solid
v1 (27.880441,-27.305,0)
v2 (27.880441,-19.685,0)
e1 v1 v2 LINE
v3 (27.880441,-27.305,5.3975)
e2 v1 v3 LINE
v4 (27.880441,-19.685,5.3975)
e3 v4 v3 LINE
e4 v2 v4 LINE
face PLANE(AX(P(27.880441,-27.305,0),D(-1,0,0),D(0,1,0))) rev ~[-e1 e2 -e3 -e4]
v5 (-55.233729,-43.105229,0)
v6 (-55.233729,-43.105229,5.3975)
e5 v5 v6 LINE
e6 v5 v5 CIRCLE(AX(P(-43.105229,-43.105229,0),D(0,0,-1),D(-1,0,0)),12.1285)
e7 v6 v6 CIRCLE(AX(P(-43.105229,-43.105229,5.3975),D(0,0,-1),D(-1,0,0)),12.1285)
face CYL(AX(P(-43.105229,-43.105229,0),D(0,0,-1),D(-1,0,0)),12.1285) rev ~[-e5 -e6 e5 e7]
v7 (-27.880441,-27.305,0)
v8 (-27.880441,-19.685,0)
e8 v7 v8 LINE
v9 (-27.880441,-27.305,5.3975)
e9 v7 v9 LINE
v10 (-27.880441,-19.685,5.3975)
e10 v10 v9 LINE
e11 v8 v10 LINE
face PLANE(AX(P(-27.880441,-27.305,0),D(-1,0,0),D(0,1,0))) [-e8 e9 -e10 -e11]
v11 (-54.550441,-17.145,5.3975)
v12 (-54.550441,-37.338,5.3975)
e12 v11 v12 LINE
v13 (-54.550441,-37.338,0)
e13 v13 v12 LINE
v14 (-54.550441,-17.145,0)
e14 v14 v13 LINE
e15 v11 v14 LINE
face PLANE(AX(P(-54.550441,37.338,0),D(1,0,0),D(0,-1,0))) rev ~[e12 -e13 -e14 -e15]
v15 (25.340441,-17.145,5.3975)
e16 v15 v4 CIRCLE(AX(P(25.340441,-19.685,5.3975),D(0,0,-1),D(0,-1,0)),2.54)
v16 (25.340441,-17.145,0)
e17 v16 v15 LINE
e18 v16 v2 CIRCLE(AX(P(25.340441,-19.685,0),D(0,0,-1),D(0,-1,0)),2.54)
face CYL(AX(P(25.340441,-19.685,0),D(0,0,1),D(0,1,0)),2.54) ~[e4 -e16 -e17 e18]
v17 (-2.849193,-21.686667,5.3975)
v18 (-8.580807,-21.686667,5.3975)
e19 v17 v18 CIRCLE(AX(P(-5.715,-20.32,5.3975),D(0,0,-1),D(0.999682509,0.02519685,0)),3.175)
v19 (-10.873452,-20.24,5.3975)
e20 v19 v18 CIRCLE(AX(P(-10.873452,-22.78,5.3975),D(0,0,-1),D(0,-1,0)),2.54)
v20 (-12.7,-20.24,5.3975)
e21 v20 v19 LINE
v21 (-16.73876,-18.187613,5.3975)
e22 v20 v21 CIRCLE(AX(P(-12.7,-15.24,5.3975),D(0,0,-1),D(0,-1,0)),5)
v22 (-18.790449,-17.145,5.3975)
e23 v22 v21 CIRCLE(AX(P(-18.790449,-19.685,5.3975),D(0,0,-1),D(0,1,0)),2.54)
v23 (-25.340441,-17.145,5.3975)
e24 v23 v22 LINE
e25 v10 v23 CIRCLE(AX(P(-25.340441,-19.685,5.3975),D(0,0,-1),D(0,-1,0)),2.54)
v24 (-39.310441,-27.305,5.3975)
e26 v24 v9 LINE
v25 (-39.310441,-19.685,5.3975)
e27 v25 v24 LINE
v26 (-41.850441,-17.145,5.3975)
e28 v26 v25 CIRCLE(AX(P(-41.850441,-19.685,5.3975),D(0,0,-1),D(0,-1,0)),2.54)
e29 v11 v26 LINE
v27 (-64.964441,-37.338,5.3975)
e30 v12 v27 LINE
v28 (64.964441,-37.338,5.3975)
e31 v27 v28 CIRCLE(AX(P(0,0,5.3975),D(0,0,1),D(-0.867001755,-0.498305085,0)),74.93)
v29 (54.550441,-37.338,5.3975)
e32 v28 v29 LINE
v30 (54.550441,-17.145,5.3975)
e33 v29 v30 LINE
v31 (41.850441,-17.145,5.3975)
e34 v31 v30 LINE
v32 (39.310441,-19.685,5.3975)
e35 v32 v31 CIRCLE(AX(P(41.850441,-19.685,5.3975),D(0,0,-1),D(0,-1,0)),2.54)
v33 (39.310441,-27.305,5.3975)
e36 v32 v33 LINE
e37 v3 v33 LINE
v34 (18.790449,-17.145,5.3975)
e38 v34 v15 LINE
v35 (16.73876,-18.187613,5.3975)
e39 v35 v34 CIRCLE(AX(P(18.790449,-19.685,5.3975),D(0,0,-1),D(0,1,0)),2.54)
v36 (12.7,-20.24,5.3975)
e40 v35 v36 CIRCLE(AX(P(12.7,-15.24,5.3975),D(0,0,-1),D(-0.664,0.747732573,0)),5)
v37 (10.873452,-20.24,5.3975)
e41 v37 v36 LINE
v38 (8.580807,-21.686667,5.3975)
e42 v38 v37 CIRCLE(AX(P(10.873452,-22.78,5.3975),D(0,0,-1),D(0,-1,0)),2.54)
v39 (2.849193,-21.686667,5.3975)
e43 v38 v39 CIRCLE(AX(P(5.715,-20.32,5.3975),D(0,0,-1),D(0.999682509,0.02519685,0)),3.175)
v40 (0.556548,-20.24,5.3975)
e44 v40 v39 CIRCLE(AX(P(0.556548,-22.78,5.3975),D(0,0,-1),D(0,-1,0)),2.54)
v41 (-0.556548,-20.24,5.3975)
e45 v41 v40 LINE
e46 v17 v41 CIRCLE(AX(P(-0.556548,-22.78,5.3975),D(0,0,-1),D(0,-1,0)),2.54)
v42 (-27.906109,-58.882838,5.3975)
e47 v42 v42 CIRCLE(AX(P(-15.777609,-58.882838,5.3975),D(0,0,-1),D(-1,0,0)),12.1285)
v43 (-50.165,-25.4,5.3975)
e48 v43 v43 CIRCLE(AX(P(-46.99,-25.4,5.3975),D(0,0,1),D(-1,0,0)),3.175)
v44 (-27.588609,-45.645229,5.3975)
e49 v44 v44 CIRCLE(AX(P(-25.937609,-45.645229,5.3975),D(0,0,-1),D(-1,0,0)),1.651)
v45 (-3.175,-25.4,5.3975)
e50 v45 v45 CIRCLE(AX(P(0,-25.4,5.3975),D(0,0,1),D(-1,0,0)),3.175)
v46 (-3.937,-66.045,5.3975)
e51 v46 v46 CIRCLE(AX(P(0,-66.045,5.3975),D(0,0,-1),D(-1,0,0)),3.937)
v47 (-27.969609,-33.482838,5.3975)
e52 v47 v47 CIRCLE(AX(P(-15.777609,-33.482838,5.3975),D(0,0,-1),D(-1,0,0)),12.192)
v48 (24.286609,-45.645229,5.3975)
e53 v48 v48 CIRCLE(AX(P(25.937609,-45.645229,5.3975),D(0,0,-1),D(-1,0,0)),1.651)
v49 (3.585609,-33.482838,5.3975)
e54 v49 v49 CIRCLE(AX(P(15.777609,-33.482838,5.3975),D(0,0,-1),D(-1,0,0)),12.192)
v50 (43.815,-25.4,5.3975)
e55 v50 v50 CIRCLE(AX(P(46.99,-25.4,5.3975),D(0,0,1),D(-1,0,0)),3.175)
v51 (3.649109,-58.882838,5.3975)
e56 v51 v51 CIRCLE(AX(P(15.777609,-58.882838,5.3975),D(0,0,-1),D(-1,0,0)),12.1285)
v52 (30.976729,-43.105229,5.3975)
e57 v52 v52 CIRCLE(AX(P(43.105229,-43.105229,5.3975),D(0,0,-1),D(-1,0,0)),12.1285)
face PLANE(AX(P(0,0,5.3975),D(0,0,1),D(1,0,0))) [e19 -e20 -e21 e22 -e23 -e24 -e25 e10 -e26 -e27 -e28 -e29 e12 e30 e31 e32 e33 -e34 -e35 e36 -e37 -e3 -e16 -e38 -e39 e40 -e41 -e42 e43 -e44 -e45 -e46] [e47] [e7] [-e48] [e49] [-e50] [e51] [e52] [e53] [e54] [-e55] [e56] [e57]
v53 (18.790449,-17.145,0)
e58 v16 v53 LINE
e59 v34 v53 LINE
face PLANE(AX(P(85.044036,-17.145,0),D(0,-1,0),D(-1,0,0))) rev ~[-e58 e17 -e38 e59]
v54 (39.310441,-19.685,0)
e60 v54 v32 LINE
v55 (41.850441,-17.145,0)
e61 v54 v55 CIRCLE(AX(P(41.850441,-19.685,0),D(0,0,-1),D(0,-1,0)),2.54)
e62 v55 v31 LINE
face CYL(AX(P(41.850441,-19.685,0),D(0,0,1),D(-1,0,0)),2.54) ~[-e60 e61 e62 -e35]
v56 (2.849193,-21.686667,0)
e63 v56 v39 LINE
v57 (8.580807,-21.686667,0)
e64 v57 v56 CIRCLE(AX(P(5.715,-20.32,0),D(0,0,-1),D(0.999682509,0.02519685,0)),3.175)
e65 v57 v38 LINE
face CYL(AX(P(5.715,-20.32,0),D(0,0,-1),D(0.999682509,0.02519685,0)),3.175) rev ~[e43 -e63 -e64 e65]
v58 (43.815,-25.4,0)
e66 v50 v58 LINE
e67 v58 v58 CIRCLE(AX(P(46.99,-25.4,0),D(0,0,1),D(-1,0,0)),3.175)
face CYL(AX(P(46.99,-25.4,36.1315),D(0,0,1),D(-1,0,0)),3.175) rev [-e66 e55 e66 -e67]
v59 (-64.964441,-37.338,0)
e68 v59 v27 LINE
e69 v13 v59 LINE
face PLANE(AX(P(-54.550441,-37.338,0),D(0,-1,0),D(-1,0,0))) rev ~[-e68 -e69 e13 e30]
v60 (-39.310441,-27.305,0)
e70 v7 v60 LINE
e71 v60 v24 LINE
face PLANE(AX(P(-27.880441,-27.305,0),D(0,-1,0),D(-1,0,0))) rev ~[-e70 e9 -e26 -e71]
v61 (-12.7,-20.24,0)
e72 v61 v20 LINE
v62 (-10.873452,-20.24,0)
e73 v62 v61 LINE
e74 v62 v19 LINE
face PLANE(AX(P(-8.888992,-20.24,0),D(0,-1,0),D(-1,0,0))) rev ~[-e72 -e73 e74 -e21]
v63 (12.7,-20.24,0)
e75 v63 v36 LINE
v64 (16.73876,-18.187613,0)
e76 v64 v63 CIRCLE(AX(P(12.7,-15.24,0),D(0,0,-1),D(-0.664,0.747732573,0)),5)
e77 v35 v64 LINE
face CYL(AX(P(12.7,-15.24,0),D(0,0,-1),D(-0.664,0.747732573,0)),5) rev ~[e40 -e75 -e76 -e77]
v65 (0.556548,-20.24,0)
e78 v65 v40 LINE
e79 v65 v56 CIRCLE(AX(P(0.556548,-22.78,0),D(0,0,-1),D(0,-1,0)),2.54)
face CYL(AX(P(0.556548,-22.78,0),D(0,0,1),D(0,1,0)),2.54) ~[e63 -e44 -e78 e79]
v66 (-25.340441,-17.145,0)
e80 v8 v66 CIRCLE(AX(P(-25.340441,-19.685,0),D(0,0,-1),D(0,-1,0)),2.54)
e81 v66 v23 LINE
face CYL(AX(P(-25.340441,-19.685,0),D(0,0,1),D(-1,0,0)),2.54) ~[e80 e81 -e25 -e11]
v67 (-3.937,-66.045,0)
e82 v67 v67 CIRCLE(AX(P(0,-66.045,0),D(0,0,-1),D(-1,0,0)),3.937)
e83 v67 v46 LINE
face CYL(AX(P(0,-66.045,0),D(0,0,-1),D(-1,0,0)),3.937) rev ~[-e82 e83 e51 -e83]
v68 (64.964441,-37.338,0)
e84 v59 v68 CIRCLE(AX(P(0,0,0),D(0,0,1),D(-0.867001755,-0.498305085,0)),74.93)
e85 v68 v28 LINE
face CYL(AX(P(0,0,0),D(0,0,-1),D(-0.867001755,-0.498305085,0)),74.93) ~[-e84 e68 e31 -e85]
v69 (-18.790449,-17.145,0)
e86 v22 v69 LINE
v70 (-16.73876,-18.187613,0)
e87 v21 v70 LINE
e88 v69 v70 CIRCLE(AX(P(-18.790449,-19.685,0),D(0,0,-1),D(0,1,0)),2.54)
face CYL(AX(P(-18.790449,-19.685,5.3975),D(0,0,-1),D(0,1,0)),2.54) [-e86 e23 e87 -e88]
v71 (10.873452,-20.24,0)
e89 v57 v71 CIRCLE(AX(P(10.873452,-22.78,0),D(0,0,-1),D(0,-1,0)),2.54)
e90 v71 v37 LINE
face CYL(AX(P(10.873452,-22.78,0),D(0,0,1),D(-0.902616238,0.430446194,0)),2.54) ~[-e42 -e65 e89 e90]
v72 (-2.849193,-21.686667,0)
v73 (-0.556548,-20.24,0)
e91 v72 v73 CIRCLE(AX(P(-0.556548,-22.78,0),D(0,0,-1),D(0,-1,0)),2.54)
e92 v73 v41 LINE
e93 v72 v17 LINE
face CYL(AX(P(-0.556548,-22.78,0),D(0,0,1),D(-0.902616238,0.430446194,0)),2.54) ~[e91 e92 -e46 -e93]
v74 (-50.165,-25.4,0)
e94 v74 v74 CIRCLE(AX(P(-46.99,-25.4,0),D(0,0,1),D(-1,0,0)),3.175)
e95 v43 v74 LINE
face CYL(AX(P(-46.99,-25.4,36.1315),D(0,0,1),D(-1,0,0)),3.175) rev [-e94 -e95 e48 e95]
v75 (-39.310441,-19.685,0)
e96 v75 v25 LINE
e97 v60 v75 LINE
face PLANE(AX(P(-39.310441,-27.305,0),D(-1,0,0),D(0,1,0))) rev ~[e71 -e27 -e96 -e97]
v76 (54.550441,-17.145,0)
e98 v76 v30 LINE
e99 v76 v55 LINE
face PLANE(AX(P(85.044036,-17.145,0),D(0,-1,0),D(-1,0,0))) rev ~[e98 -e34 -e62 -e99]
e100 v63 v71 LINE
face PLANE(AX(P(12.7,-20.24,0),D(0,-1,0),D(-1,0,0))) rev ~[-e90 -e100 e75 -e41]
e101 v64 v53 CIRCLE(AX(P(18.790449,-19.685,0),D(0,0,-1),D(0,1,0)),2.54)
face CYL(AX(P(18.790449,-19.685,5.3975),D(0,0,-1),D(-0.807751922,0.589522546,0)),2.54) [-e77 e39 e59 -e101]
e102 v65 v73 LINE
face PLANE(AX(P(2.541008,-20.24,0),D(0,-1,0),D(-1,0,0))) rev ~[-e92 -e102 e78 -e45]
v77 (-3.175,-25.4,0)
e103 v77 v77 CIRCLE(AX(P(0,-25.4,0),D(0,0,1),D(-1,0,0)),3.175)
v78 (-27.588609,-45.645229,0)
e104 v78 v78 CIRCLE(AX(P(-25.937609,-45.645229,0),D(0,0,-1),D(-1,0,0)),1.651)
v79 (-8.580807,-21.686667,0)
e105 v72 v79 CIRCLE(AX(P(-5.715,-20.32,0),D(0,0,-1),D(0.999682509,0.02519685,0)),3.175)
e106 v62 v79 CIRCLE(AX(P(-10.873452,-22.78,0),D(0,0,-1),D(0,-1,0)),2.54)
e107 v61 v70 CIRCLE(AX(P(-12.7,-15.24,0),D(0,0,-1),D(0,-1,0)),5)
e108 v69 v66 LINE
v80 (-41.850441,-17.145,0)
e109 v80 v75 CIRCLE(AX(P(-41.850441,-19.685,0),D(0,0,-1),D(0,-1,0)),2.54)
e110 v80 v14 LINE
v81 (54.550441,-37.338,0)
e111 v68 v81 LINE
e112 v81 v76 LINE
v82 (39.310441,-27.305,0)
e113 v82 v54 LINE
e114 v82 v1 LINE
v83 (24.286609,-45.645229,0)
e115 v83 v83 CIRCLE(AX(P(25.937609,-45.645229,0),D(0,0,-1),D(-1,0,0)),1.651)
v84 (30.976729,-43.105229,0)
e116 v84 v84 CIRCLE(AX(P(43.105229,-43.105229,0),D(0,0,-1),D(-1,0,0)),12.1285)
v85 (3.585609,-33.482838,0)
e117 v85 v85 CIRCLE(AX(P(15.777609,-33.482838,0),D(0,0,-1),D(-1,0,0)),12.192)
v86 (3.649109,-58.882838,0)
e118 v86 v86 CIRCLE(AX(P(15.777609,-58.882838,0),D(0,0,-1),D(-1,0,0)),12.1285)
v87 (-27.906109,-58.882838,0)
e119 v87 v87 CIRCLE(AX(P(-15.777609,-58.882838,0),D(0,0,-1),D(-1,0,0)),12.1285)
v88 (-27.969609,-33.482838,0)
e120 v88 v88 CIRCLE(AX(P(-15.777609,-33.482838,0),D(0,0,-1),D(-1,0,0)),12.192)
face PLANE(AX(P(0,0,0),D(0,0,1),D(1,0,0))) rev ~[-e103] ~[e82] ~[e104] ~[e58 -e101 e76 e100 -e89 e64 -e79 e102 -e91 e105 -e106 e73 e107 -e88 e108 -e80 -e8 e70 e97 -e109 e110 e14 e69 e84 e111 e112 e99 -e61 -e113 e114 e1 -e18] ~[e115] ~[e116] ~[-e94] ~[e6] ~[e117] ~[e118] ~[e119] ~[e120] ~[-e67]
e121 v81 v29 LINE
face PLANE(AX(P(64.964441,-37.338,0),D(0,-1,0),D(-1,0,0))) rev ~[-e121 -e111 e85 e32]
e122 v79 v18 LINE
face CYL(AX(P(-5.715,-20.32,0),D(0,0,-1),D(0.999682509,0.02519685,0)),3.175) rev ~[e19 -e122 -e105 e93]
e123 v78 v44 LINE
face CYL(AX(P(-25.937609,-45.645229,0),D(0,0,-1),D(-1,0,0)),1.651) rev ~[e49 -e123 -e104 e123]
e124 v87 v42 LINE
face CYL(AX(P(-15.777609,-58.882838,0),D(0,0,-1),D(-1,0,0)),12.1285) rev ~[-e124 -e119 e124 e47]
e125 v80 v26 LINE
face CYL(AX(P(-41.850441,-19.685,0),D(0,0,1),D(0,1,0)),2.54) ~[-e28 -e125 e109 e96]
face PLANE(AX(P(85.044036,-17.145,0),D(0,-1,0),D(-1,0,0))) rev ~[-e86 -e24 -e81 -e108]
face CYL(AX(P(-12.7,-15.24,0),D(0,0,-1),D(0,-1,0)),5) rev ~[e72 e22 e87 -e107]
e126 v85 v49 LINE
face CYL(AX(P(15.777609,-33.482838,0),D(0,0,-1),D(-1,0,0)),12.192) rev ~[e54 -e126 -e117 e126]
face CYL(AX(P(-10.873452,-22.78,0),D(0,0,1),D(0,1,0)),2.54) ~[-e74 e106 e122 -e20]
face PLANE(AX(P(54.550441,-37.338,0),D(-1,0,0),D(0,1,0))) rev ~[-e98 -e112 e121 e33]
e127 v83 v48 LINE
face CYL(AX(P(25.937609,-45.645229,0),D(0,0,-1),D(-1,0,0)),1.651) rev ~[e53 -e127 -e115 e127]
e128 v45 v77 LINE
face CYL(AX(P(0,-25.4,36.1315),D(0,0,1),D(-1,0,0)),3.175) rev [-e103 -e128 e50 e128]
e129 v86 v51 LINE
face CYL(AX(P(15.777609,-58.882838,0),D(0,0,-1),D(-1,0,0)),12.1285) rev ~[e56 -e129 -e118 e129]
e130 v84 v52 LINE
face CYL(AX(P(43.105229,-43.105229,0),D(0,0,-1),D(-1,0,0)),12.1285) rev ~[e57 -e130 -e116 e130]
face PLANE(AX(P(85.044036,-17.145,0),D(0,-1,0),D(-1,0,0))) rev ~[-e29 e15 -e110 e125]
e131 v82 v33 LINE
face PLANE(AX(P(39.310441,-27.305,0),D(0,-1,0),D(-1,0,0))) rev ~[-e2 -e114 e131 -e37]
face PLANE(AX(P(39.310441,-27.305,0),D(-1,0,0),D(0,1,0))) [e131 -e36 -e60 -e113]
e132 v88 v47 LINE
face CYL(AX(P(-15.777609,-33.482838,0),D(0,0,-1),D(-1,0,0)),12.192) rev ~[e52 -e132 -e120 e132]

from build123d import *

# Parameters (mm, degrees)
SKETCH1_R                = 1.651
BOSS_EXTRUDE2_DEPTH      = 5.3975
SKETCH2_R                = 1.143
CUT_EXTRUDE1_DEPTH       = 6.3975
SKETCH3_R                = 12.1285
CUT_EXTRUDE2_DEPTH       = 6.3975
SKETCH4_W                = 28.562713242
SKETCH4_H                = 11.677503754
BOSS_EXTRUDE3_DEPTH      = 5.3975
SKETCH5_W                = 216.7214489
SKETCH5_H                = 130.569220634
CUT_EXTRUDE4_DEPTH       = 6.3975
SKETCH11_R               = 3.937
CUT_EXTRUDE11_DEPTH      = 6.3975
SKETCH12_W               = 11.43
SKETCH12_H               = 10.16
CUT_EXTRUDE12_DEPTH      = 6.3975
SKETCH16_R               = 12.192
CUT_EXTRUDE16_DEPTH      = 21.59
SKETCH57_R               = 1.651
CUT_EXTRUDE57_DEPTH      = 58.674
SKETCH58_R               = 3.175
CUT_EXTRUDE58_DEPTH      = 103.378
CUT_EXTRUDE58_DEPTH_BACK = 48.768
CUT_EXTRUDE15_DEPTH      = 21.59
FILLET1_R                = 2.54


with BuildPart() as part:
    # Sketch1 → Boss-Extrude2 (new body)
    with BuildSketch(Plane.XY):
        with BuildLine():
            Line((-64.964441474, 37.338), (-54.550441474, 37.338))
            Line((-54.550441474, 37.338), (-54.550441474, -37.338))
            Line((-54.550441474, -37.338), (-64.964441474, -37.338))
            ThreePointArc((-64.964441474, -37.338), (0, -74.93), (64.964441474, -37.338))
            Line((64.964441474, -37.338), (54.550441474, -37.338))
            Line((54.550441474, -37.338), (54.550441474, 37.338))
            Line((54.550441474, 37.338), (64.964441474, 37.338))
            ThreePointArc((64.964441474, 37.338), (0, 74.93), (-64.964441474, 37.338))
        make_face()
        with Locations((-46.482, 11.049)):
            Circle(SKETCH1_R, mode=Mode.SUBTRACT)
        with Locations((-21.083270032, 10.795)):
            Circle(SKETCH1_R, mode=Mode.SUBTRACT)
        with Locations((-21.083270032, -10.795)):
            Circle(SKETCH1_R, mode=Mode.SUBTRACT)
        with Locations((-46.482, -11.049)):
            Circle(SKETCH1_R, mode=Mode.SUBTRACT)
        with Locations((46.482, -11.049)):
            Circle(SKETCH1_R, mode=Mode.SUBTRACT)
        with Locations((21.083270032, -10.795)):
            Circle(SKETCH1_R, mode=Mode.SUBTRACT)
        with Locations((21.083270032, 10.795)):
            Circle(SKETCH1_R, mode=Mode.SUBTRACT)
        with Locations((46.482, 11.049)):
            Circle(SKETCH1_R, mode=Mode.SUBTRACT)
    extrude(amount=BOSS_EXTRUDE2_DEPTH)

    # Sketch2 → Cut-Extrude1 (cut, through all)
    with BuildSketch(Plane.XY.offset(5.3975)):
        with Locations((-6.731, 62.23)):
            Circle(SKETCH2_R)
        with Locations((6.731, 62.23)):
            Circle(SKETCH2_R)
    extrude(amount=-CUT_EXTRUDE1_DEPTH, mode=Mode.SUBTRACT)

    # Sketch3 → Cut-Extrude2 (cut, through all)
    with BuildSketch(Plane(origin=(0, 0, 0), x_dir=(-1, 0, 0), z_dir=(0, 0, -1))):
        with Locations((-15.777608989, -58.882838371)):
            Circle(SKETCH3_R)
        with Locations((15.777608989, -58.882838371)):
            Circle(SKETCH3_R)
        with Locations((-43.105229381, -43.105229381)):
            Circle(SKETCH3_R)
        with Locations((-43.105229381, 43.105229381)):
            Circle(SKETCH3_R)
        with Locations((43.105229381, 43.105229381)):
            Circle(SKETCH3_R)
        with Locations((43.105229381, -43.105229381)):
            Circle(SKETCH3_R)
    extrude(amount=-CUT_EXTRUDE2_DEPTH, mode=Mode.SUBTRACT)

    # Sketch4 → Boss-Extrude3 (add)
    with BuildSketch(Plane(origin=(0, 0, 0), x_dir=(-1, 0, 0), z_dir=(0, 0, -1))):
        with Locations((-1.488809975, 62.152540216)):
            Rectangle(SKETCH4_W, SKETCH4_H)
    extrude(amount=-BOSS_EXTRUDE3_DEPTH)

    # Sketch5 → Cut-Extrude4 (cut, through all)
    with BuildSketch(Plane(origin=(0, 0, 0), x_dir=(-1, 0, 0), z_dir=(0, 0, -1))):
        with Locations((23.316688373, 48.139610317)):
            Rectangle(SKETCH5_W, SKETCH5_H)
    extrude(amount=-CUT_EXTRUDE4_DEPTH, mode=Mode.SUBTRACT)

    # Sketch11 → Cut-Extrude11 (cut, through all)
    with BuildSketch(Plane(origin=(0, 0, 0), x_dir=(-1, 0, 0), z_dir=(0, 0, -1))):
        with Locations((0, -66.045)):
            Circle(SKETCH11_R)
    extrude(amount=-CUT_EXTRUDE11_DEPTH, mode=Mode.SUBTRACT)

    # Sketch12 → Cut-Extrude12 (cut, through all)
    with BuildSketch(Plane(origin=(0, 0, 0), x_dir=(-1, 0, 0), z_dir=(0, 0, -1))):
        with Locations((-33.595441474, -22.225)):
            Rectangle(SKETCH12_W, SKETCH12_H)
        with Locations((33.595441474, -22.225)):
            Rectangle(SKETCH12_W, SKETCH12_H)
    extrude(amount=-CUT_EXTRUDE12_DEPTH, mode=Mode.SUBTRACT)

    # Sketch16 → Cut-Extrude16 (cut)
    with BuildSketch(Plane(origin=(0, 0, 0), x_dir=(-1, 0, 0), z_dir=(0, 0, -1))):
        with Locations((15.777608989, -33.482838371)):
            Circle(SKETCH16_R)
        with Locations((-15.777608989, -33.482838371)):
            Circle(SKETCH16_R)
    extrude(amount=-CUT_EXTRUDE16_DEPTH, mode=Mode.SUBTRACT)

    # Sketch57 → Cut-Extrude57 (cut)
    with BuildSketch(Plane(origin=(0, 0, 0), x_dir=(-1, 0, 0), z_dir=(0, 0, -1))):
        with Locations((-25.937608989, -45.645229381)):
            Circle(SKETCH57_R)
        with Locations((25.937608989, -45.645229381)):
            Circle(SKETCH57_R)
    extrude(amount=-CUT_EXTRUDE57_DEPTH, mode=Mode.SUBTRACT)

    # Sketch58 → Cut-Extrude58 (cut, two sides)
    with BuildSketch(Plane(origin=(30.092005081, 4.08352975, 36.1315), x_dir=(-1, 0, 0), z_dir=(0, 0, -1))) as cut_extrude58_sk:
        with Locations((77.082005081, -29.48352975)):
            Circle(SKETCH58_R)
        with Locations((30.092005081, -29.48352975)):
            Circle(SKETCH58_R)
        with Locations((-16.897994919, -29.48352975)):
            Circle(SKETCH58_R)
    extrude(amount=CUT_EXTRUDE58_DEPTH, mode=Mode.SUBTRACT)
    extrude(cut_extrude58_sk.sketch, amount=-CUT_EXTRUDE58_DEPTH_BACK, mode=Mode.SUBTRACT)

    # Sketch15 → Cut-Extrude15 (cut)
    with BuildSketch(Plane(origin=(0, 0, 0), x_dir=(-1, 0, 0), z_dir=(0, 0, -1))):
        with BuildLine():
            Line((-12.7, -20.24), (-8.888991966, -20.24))
            ThreePointArc((-8.888991966, -20.24), (-5.715, -23.495), (-2.541008034, -20.24))
            Line((-2.541008034, -20.24), (2.541008034, -20.24))
            ThreePointArc((2.541008034, -20.24), (5.715, -23.495), (8.888991966, -20.24))
            Line((8.888991966, -20.24), (12.7, -20.24))
            ThreePointArc((12.7, -20.24), (16.235533906, -11.704466094), (7.7, -15.24))
            Line((7.7, -15.24), (-1.06, -15.24))
            ThreePointArc((-1.06, -15.24), (-4.010609847, -10.6792983), (-9.38, -11.501337137))
            ThreePointArc((-9.38, -11.501337137), (-17.374040774, -13.464234575), (-12.7, -20.24))
        make_face()
    extrude(amount=-CUT_EXTRUDE15_DEPTH, mode=Mode.SUBTRACT)

    # Fillet1
    fillet1_edges = [part.edges().sort_by_distance(p)[0] for p in [
        (39.310441474, -17.145, 2.69875),
        (27.880441474, -17.145, 2.69875),
        (-27.880441474, -17.145, 2.69875),
        (-39.310441474, -17.145, 2.69875),
        (-17.322875188, -17.145, 2.69875),
        (17.322875188, -17.145, 2.69875),
        (-8.888991966, -20.24, 2.69875),
        (-2.541008034, -20.24, 2.69875),
        (2.541008034, -20.24, 2.69875),
        (8.888991966, -20.24, 2.69875),
    ]]
    fillet(fillet1_edges, radius=FILLET1_R)


solid = part.part
